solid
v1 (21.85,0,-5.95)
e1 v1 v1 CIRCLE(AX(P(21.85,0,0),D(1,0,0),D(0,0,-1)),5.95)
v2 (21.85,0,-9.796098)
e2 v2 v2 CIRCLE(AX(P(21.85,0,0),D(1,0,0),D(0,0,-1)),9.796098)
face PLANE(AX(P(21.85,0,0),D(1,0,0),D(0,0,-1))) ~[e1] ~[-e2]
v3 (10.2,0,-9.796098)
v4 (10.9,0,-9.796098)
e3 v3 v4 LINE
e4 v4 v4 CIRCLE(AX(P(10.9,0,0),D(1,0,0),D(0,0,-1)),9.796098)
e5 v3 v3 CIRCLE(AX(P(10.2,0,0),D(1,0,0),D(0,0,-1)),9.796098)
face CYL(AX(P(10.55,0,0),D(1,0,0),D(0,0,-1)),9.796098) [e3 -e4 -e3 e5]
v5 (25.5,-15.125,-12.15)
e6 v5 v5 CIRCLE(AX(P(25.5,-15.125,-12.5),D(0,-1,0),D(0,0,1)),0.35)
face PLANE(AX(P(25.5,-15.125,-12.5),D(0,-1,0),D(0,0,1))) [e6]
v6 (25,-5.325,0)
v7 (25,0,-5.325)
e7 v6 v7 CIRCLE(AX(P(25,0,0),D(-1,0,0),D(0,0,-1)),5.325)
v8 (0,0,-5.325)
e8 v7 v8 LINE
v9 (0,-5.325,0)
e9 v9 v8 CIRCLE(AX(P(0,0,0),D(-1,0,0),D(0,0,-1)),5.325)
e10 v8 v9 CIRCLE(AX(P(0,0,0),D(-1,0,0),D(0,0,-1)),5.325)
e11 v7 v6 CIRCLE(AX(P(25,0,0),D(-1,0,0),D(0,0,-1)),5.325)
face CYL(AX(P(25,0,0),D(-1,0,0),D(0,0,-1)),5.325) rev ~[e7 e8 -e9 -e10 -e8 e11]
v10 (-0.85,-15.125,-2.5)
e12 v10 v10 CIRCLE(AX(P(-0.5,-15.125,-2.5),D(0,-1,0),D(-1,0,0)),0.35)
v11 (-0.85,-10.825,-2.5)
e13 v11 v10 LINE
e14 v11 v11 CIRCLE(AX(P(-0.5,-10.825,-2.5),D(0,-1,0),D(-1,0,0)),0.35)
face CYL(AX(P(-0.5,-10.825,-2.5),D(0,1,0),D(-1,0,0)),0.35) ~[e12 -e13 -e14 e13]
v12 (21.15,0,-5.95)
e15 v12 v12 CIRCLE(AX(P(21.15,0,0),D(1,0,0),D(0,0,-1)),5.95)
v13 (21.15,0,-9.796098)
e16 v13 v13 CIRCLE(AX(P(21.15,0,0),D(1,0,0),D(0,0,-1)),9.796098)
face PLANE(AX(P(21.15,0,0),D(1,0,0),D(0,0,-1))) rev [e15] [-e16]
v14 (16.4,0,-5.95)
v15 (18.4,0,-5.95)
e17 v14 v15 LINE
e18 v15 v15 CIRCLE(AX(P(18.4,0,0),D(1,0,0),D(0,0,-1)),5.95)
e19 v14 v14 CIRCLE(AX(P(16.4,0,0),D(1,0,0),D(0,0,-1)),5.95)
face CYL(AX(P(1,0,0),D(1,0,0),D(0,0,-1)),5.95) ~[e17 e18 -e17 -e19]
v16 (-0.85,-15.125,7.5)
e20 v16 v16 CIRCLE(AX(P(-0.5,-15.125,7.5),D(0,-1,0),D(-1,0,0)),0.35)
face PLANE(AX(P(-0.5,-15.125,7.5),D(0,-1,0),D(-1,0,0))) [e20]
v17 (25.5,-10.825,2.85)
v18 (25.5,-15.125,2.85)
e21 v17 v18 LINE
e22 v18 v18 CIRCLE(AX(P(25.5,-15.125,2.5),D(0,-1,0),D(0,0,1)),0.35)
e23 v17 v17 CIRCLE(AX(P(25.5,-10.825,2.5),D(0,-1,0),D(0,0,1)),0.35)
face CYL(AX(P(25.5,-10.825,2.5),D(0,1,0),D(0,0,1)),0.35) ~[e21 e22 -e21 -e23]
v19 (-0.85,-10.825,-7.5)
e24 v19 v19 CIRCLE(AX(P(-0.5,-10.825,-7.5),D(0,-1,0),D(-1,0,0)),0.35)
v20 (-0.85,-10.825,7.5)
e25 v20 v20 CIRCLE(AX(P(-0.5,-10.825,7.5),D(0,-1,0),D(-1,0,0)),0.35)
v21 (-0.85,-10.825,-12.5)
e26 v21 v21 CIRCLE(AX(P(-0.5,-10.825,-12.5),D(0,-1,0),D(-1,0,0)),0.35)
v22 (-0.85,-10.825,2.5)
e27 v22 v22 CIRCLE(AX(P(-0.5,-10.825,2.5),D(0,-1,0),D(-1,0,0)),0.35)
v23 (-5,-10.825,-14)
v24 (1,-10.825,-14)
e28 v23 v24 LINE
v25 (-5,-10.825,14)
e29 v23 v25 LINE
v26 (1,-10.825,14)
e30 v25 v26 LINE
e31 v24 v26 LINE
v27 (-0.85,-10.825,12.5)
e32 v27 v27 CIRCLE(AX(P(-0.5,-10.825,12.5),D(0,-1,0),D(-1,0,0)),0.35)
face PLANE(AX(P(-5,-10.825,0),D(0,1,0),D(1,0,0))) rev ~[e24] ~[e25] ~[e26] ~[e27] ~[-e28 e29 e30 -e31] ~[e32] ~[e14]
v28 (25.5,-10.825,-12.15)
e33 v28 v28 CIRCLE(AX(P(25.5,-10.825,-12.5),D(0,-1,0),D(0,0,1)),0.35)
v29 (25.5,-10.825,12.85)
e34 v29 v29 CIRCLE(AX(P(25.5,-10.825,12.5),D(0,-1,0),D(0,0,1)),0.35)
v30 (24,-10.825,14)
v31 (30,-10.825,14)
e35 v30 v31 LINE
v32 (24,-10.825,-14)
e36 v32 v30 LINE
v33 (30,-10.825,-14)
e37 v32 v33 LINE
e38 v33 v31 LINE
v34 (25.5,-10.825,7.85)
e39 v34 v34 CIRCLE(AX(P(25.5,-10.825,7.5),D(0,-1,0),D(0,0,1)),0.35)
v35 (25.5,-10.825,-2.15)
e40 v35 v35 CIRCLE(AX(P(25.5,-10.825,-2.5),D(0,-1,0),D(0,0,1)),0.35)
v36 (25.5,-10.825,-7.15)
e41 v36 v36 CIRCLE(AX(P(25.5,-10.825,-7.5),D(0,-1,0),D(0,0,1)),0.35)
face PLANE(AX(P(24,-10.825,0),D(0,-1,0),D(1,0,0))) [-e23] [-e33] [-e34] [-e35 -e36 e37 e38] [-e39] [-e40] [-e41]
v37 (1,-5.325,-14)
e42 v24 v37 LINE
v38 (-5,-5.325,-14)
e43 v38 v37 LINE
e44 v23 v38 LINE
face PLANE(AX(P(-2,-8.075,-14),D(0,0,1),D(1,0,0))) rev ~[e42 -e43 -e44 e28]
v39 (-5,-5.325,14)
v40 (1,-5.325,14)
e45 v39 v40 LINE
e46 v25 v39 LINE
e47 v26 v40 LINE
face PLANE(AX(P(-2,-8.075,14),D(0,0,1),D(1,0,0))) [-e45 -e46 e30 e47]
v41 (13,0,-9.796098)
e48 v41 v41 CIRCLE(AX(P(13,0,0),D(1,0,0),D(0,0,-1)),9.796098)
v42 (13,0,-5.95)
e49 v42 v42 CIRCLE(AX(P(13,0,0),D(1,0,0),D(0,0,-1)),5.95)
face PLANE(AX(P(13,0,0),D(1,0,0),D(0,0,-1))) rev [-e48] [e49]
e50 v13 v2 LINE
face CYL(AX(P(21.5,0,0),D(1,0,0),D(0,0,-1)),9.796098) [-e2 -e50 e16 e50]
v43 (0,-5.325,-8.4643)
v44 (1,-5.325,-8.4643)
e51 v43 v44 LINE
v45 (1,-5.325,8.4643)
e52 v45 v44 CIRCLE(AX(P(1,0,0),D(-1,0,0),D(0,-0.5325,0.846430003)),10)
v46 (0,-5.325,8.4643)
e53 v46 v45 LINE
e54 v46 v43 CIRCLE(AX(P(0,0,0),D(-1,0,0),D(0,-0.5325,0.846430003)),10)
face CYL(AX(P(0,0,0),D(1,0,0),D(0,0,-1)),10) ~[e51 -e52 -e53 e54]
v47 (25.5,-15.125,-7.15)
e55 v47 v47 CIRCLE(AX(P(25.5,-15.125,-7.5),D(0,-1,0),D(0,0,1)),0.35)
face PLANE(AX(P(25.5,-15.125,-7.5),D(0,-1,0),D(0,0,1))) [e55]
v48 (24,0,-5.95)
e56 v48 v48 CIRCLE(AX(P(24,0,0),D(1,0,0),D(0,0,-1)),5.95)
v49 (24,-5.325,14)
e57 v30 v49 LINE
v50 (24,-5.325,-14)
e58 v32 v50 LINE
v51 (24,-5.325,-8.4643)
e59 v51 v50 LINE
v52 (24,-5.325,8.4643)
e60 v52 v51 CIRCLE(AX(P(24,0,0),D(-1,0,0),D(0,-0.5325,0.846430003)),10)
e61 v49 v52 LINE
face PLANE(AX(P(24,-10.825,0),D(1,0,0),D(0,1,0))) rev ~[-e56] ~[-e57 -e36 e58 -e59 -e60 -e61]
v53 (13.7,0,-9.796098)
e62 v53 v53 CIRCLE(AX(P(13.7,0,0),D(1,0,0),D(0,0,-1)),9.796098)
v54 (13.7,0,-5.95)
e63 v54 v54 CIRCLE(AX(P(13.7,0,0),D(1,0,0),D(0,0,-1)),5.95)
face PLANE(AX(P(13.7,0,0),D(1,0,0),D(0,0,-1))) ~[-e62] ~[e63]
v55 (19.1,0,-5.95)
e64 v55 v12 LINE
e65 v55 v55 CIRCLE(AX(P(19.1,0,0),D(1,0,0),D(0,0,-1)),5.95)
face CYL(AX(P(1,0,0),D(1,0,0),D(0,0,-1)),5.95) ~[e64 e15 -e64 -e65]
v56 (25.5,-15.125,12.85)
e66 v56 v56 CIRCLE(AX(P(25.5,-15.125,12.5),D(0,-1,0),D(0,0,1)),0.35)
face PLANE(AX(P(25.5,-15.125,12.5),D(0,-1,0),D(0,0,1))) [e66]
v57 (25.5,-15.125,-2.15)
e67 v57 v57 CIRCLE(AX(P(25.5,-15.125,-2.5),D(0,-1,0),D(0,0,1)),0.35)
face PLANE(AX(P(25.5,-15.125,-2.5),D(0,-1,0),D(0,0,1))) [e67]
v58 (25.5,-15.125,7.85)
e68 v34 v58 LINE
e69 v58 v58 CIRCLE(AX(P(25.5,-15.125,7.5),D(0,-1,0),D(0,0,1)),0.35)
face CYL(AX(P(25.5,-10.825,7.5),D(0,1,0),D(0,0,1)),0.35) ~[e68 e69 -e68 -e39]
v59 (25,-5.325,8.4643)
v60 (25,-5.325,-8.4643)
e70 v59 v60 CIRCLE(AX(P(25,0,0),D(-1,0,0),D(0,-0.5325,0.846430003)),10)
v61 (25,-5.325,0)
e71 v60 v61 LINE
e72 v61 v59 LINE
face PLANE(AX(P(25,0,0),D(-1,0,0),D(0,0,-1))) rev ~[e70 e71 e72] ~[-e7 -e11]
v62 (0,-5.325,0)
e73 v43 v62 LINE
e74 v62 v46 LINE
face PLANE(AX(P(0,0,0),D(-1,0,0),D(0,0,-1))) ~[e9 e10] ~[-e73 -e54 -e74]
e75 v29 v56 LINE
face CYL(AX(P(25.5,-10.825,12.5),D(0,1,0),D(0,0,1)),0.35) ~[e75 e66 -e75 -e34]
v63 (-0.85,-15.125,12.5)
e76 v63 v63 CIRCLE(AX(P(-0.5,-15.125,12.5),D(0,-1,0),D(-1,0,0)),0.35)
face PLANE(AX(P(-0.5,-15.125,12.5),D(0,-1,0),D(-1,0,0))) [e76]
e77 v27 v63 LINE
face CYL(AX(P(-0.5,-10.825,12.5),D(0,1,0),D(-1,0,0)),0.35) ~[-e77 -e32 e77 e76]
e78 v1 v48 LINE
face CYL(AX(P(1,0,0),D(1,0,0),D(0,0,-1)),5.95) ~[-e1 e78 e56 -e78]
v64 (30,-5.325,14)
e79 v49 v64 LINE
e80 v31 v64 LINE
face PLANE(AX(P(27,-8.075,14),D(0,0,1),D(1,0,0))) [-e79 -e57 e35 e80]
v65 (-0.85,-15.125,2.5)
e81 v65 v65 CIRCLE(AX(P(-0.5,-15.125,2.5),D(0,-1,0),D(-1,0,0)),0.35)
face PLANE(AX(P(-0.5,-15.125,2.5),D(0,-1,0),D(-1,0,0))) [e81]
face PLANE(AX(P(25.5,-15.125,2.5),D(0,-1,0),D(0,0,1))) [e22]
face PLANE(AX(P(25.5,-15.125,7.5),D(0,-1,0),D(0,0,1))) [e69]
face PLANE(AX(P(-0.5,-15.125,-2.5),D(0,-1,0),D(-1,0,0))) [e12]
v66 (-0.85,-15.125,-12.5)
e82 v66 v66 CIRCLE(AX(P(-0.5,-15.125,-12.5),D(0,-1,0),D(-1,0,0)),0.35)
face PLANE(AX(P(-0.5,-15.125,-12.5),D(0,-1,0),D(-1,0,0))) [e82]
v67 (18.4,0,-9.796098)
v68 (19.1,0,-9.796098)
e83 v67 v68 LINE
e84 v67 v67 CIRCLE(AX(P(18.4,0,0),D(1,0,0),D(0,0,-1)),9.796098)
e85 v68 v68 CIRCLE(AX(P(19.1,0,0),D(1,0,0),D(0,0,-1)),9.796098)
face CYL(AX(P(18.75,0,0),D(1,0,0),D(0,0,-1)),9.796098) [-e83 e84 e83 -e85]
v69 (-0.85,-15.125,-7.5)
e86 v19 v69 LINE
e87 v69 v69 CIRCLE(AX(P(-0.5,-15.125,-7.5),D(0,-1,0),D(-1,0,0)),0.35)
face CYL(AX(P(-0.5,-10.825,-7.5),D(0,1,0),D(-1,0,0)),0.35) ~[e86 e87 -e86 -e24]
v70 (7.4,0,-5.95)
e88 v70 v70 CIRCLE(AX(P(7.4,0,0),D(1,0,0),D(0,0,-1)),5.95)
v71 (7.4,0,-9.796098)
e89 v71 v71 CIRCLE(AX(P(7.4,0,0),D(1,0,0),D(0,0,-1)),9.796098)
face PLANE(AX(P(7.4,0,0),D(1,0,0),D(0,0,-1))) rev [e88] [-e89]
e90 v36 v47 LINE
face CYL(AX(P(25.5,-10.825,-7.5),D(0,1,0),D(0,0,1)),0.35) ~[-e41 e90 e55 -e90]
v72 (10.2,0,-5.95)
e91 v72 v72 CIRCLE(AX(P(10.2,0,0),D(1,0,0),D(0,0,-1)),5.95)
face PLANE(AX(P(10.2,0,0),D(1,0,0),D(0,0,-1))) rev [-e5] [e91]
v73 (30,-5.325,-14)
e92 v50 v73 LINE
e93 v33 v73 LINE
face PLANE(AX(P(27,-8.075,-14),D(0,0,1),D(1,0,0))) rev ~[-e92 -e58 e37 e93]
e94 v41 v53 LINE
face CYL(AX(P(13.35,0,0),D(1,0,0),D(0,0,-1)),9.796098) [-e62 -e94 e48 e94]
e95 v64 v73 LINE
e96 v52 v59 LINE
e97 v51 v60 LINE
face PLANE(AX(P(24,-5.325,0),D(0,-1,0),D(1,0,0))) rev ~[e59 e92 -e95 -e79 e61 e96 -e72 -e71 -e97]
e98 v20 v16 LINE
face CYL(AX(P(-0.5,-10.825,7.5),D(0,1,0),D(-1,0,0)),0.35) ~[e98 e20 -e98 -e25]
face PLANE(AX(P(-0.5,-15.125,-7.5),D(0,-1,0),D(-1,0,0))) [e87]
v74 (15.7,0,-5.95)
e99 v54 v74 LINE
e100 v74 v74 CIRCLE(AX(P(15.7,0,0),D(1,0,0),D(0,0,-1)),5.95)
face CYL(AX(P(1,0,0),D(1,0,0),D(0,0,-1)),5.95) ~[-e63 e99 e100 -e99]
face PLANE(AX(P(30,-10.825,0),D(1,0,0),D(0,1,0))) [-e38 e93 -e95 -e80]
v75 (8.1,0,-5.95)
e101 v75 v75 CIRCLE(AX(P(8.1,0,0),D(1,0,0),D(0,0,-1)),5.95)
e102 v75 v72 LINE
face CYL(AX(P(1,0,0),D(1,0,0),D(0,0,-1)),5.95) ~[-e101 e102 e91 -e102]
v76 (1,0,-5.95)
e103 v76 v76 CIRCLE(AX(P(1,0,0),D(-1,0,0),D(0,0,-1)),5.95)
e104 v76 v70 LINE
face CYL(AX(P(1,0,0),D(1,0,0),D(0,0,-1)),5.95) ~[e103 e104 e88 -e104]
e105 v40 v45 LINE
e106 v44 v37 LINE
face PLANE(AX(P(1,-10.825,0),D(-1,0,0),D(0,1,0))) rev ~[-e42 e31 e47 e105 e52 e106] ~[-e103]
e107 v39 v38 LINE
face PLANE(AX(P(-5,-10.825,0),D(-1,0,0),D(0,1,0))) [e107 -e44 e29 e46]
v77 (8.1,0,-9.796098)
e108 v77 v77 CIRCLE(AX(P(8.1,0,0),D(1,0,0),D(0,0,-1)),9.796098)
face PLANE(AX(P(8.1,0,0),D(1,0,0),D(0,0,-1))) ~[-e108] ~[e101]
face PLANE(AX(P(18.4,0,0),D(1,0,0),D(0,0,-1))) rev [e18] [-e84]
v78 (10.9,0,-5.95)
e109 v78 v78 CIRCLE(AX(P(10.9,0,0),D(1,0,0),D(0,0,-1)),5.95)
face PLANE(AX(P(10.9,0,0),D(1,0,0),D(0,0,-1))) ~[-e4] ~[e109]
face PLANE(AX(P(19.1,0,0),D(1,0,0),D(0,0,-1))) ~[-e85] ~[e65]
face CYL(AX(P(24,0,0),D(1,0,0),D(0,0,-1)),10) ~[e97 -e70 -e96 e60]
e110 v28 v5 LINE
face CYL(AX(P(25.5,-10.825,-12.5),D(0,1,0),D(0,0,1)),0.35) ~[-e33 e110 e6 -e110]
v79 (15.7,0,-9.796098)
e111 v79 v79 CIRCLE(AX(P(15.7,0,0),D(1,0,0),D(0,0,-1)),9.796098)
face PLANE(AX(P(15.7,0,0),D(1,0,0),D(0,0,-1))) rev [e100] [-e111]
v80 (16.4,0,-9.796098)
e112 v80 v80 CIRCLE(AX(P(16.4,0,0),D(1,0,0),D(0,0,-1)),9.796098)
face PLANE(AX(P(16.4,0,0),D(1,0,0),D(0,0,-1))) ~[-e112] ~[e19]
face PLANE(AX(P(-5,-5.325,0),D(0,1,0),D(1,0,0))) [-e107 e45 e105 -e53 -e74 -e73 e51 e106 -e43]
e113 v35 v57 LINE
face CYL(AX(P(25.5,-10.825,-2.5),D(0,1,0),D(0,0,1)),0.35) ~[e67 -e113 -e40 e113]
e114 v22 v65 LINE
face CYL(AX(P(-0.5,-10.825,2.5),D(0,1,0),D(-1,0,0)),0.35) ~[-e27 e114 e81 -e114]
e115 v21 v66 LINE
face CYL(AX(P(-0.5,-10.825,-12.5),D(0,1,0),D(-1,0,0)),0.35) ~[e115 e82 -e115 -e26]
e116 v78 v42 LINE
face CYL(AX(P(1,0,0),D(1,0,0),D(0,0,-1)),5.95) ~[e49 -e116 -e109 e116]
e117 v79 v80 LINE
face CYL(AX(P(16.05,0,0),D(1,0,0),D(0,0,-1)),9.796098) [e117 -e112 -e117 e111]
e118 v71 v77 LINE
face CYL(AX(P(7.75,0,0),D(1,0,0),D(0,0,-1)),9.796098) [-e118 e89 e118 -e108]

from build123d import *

# Parameters (mm, degrees)
SKETCH_2_W      = 0.7
SKETCH_2_H      = 4.413249275
SKETCH_3_W      = 6
SKETCH_3_H      = 5.5
EXTRUDE_1_DEPTH = 14
SKETCH_4_R      = 0.35
EXTRUDE_2_DEPTH = 4.3


with BuildPart() as part:
    # 草图1 → 旋转1 (revolve)
    with BuildSketch(Plane.XY, mode=Mode.PRIVATE) as revolve_1_sk:
        Polygon((0, 10), (1, 10), (1, 5.95), (24, 5.95), (24, 10), (25, 10), (25, 5.325), (0, 5.325), align=None)
    revolve(revolve_1_sk.sketch.rotate(Axis((15.438516229, 0, 0), (-1, 0, 0)), 90), axis=Axis((15.438516229, 0, 0), (-1, 0, 0)))

    # 草图2 → 旋转2 (revolve)
    with BuildSketch(Plane.XY, mode=Mode.PRIVATE) as revolve_2_sk:
        with Locations((7.75, 7.589473804)):
            Rectangle(SKETCH_2_W, SKETCH_2_H)
        with Locations((10.55, 7.589473804)):
            Rectangle(SKETCH_2_W, SKETCH_2_H)
        with Locations((13.35, 7.589473804)):
            Rectangle(SKETCH_2_W, SKETCH_2_H)
        with Locations((16.05, 7.589473804)):
            Rectangle(SKETCH_2_W, SKETCH_2_H)
        with Locations((18.75, 7.589473804)):
            Rectangle(SKETCH_2_W, SKETCH_2_H)
        with Locations((21.5, 7.589473804)):
            Rectangle(SKETCH_2_W, SKETCH_2_H)
    revolve(revolve_2_sk.sketch.rotate(Axis((-4.318730042, 0, 0), (1, 0, 0)), 270), axis=Axis((-4.318730042, 0, 0), (1, 0, 0)))

    # 草图3 → 凸台-拉伸1 (add, symmetric)
    with BuildSketch(Plane.XY):
        with Locations((-2, -8.075)):
            Rectangle(SKETCH_3_W, SKETCH_3_H)
        with Locations((27, -8.075)):
            Rectangle(SKETCH_3_W, SKETCH_3_H)
    extrude(amount=EXTRUDE_1_DEPTH, both=True)

    # 草图4 → 凸台-拉伸2 (add)
    with BuildSketch(Plane.XZ.offset(10.825)):
        with Locations(Location((-0.5, 12.5, 0), (0, 0, 180))):
            Circle(SKETCH_4_R)
        with Locations(Location((-0.5, 7.5, 0), (0, 0, 180))):
            Circle(SKETCH_4_R)
        with Locations(Location((-0.5, 2.5, 0), (0, 0, 180))):
            Circle(SKETCH_4_R)
        with Locations(Location((-0.5, -2.5, 0), (0, 0, 180))):
            Circle(SKETCH_4_R)
        with Locations(Location((-0.5, -7.5, 0), (0, 0, 180))):
            Circle(SKETCH_4_R)
        with Locations(Location((-0.5, -12.5, 0), (0, 0, 180))):
            Circle(SKETCH_4_R)
        with Locations(Location((25.5, -12.5, 0), (0, 0, 90))):
            Circle(SKETCH_4_R)
        with Locations(Location((25.5, -7.5, 0), (0, 0, 90))):
            Circle(SKETCH_4_R)
        with Locations(Location((25.5, -2.5, 0), (0, 0, 90))):
            Circle(SKETCH_4_R)
        with Locations(Location((25.5, 2.5, 0), (0, 0, 90))):
            Circle(SKETCH_4_R)
        with Locations(Location((25.5, 7.5, 0), (0, 0, 90))):
            Circle(SKETCH_4_R)
        with Locations(Location((25.5, 12.5, 0), (0, 0, 90))):
            Circle(SKETCH_4_R)
    extrude(amount=EXTRUDE_2_DEPTH)


solid = part.part
